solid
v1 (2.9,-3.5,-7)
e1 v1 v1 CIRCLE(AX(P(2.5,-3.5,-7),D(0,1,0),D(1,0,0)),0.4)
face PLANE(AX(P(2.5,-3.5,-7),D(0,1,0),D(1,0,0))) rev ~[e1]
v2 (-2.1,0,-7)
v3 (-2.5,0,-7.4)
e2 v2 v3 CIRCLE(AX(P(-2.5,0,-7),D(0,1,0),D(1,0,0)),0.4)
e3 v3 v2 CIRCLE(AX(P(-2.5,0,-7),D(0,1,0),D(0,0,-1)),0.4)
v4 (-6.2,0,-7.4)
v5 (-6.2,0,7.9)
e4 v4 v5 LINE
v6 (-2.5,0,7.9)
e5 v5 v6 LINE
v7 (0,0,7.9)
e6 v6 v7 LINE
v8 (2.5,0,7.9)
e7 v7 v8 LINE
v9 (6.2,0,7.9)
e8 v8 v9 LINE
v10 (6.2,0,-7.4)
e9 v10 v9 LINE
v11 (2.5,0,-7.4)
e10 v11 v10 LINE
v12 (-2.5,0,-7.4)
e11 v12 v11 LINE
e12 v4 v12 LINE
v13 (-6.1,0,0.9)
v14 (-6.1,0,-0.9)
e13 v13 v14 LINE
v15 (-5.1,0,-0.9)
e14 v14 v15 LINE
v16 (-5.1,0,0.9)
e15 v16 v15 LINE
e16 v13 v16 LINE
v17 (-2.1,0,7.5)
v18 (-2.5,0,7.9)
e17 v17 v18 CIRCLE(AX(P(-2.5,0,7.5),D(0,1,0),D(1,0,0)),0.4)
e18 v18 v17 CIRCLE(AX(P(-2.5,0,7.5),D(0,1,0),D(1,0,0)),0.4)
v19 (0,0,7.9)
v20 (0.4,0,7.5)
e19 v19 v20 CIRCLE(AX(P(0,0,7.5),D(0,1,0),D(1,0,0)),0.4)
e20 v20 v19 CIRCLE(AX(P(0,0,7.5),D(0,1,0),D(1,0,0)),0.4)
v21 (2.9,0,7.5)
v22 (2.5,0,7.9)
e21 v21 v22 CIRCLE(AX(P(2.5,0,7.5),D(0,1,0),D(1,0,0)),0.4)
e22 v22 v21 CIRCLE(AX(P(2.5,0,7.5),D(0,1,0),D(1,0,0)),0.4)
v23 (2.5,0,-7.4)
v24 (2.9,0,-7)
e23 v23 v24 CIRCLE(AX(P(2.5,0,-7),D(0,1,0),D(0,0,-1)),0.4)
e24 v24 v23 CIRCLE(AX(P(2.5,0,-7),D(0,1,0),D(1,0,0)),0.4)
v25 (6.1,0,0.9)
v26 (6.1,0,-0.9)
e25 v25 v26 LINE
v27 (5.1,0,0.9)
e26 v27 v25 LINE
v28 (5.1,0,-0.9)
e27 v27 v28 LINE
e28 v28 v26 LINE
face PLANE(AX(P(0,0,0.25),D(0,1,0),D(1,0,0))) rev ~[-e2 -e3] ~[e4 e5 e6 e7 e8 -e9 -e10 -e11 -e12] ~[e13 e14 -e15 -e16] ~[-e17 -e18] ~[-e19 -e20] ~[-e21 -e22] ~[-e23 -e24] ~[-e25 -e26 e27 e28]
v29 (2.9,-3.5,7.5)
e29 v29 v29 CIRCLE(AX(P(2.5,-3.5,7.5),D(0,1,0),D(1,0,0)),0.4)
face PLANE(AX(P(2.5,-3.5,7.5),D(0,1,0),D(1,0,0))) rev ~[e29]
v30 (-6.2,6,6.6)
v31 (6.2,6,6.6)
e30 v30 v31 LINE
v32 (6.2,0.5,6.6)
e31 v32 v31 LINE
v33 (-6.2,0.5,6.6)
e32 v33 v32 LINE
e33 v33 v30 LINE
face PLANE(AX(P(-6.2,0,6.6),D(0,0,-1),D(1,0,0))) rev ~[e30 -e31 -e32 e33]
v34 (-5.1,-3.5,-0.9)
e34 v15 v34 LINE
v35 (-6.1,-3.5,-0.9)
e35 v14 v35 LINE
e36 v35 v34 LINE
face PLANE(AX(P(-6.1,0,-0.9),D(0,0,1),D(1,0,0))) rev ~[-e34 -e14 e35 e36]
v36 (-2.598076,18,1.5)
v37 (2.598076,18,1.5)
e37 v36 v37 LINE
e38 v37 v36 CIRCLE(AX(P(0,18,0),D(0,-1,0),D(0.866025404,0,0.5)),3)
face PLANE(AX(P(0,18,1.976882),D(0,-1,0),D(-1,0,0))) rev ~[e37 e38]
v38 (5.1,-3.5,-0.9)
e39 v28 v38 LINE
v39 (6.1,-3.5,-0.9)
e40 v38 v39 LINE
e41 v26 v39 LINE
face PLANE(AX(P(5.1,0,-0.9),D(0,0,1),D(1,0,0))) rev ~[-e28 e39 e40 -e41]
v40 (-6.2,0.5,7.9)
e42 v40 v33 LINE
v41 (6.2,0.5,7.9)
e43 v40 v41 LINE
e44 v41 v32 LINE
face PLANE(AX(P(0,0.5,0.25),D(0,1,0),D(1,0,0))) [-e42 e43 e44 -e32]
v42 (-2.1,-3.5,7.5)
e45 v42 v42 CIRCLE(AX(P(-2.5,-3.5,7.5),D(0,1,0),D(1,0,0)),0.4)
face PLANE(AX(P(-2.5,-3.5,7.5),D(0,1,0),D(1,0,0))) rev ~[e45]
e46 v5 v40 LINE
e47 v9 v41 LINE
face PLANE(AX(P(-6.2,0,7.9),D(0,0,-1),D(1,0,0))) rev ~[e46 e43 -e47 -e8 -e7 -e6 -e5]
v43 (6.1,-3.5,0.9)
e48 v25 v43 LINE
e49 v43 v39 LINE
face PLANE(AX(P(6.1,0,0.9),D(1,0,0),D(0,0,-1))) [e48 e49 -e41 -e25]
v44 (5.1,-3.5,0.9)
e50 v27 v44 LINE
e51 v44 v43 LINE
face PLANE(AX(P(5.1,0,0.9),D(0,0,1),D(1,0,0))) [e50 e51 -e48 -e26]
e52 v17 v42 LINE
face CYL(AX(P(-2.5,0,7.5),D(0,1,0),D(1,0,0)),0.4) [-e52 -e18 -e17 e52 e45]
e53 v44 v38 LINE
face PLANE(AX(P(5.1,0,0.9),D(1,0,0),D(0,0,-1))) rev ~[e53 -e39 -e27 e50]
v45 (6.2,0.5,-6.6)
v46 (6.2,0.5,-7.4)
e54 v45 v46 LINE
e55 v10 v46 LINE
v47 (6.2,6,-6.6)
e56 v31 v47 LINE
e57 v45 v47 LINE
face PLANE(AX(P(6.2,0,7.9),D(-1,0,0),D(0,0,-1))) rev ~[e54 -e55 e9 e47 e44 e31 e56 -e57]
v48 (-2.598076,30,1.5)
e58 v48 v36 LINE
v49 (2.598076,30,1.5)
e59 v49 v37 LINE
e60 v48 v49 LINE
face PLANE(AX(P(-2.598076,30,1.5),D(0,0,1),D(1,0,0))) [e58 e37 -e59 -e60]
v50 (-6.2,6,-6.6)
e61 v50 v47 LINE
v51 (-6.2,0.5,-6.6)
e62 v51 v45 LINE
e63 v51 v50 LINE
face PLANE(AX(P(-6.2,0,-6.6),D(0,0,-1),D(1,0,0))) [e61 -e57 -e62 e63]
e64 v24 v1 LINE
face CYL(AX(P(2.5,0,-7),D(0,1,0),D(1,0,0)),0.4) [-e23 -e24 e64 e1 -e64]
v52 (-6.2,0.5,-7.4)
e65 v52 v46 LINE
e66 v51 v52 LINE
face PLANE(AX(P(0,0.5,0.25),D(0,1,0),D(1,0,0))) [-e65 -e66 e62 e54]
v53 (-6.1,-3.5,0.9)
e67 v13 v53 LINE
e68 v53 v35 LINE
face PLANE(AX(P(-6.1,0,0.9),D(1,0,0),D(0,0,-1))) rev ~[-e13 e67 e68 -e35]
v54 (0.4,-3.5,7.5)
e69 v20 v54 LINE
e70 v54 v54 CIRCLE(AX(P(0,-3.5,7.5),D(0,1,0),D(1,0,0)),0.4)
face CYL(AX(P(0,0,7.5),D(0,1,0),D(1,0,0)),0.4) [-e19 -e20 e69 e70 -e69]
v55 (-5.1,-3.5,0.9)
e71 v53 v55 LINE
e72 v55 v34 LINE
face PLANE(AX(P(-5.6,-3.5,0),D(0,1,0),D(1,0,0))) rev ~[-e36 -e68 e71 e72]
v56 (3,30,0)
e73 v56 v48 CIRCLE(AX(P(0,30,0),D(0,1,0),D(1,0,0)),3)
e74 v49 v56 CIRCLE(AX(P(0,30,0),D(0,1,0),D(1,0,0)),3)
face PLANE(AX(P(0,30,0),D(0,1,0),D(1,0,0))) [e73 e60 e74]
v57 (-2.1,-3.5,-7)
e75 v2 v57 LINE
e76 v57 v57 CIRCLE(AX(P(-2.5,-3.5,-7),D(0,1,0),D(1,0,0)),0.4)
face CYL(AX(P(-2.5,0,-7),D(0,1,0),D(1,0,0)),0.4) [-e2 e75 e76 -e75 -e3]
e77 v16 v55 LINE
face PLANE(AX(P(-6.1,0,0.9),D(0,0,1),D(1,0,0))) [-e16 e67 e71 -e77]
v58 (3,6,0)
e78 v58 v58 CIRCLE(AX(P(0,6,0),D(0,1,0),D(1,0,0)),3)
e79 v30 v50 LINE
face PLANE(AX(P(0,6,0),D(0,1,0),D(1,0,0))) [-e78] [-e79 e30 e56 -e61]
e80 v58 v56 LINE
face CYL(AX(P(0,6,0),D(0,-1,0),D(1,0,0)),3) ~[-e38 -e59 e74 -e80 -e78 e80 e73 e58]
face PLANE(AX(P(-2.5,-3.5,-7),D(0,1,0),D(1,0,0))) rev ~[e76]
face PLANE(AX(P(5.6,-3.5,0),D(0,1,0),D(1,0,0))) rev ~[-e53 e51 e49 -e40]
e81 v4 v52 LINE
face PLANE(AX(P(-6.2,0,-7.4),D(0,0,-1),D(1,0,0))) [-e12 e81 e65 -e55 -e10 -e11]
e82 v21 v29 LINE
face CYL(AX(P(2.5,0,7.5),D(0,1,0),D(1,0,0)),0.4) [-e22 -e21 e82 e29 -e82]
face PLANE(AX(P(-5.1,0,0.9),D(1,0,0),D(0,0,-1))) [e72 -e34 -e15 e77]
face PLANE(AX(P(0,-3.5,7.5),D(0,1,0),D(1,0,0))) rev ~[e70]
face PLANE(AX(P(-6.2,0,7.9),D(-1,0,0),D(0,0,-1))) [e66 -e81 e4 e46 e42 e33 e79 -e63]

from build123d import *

# Parameters (mm, degrees)
SKETCH1_R             = 0.4
BOSS_EXTRUDE1_DEPTH   = 3.5
BOSS_EXTRUDE1_2_DEPTH = 3.5
BOSS_EXTRUDE1_3_DEPTH = 3.5
BOSS_EXTRUDE1_4_DEPTH = 3.5
BOSS_EXTRUDE1_5_DEPTH = 3.5
SKETCH1_W             = 1
SKETCH1_H             = 1.8
BOSS_EXTRUDE1_6_DEPTH = 3.5
BOSS_EXTRUDE1_7_DEPTH = 3.5
SKETCH2_W             = 12.4
SKETCH2_H             = 13.2
BOSS_EXTRUDE2_DEPTH   = 6
SKETCH3_W             = 12.4
SKETCH3_H             = 15.3
BOSS_EXTRUDE3_DEPTH   = 0.5
SKETCH4_R             = 3
BOSS_EXTRUDE4_DEPTH   = 24
CUT_EXTRUDE1_DEPTH    = 12


with BuildPart() as part:
    # Sketch1 → Boss-Extrude1 (new body)
    with BuildSketch(Plane(origin=(0, 0, 0), x_dir=(1, 0, 0), z_dir=(0, 1, 0))):
        with Locations((-2.5, -7.5)):
            Circle(SKETCH1_R)
    extrude(amount=-BOSS_EXTRUDE1_DEPTH)



with BuildPart() as body_2:
    # Sketch1 → Boss-Extrude1 2 (new body)
    with BuildSketch(Plane(origin=(0, 0, 0), x_dir=(1, 0, 0), z_dir=(0, 1, 0))):
        with Locations((0, -7.5)):
            Circle(SKETCH1_R)
    extrude(amount=-BOSS_EXTRUDE1_2_DEPTH)


with BuildPart() as body_3:
    # Sketch1 → Boss-Extrude1 3 (new body)
    with BuildSketch(Plane(origin=(0, 0, 0), x_dir=(1, 0, 0), z_dir=(0, 1, 0))):
        with Locations((2.5, -7.5)):
            Circle(SKETCH1_R)
    extrude(amount=-BOSS_EXTRUDE1_3_DEPTH)


with BuildPart() as body_4:
    # Sketch1 → Boss-Extrude1 4 (new body)
    with BuildSketch(Plane(origin=(0, 0, 0), x_dir=(1, 0, 0), z_dir=(0, 1, 0))):
        with Locations((2.5, 7)):
            Circle(SKETCH1_R)
    extrude(amount=-BOSS_EXTRUDE1_4_DEPTH)


with BuildPart() as body_5:
    # Sketch1 → Boss-Extrude1 5 (new body)
    with BuildSketch(Plane(origin=(0, 0, 0), x_dir=(1, 0, 0), z_dir=(0, 1, 0))):
        with Locations((-2.5, 7)):
            Circle(SKETCH1_R)
    extrude(amount=-BOSS_EXTRUDE1_5_DEPTH)


with BuildPart() as body_6:
    # Sketch1 → Boss-Extrude1 6 (new body)
    with BuildSketch(Plane(origin=(0, 0, 0), x_dir=(1, 0, 0), z_dir=(0, 1, 0))):
        with Locations((-5.6, 0)):
            Rectangle(SKETCH1_W, SKETCH1_H)
    extrude(amount=-BOSS_EXTRUDE1_6_DEPTH)



with BuildPart() as body_7:
    # Sketch1 → Boss-Extrude1 7 (new body)
    with BuildSketch(Plane(origin=(0, 0, 0), x_dir=(1, 0, 0), z_dir=(0, 1, 0))):
        with Locations((5.6, 0)):
            Rectangle(SKETCH1_W, SKETCH1_H)
    extrude(amount=-BOSS_EXTRUDE1_7_DEPTH)


with BuildPart() as body_6_1:
    add(body_6.part)

    add(body_7.part)  # Boss-Extrude2 merges body 7
    # Sketch2 → Boss-Extrude2 (add)
    with BuildSketch(Plane(origin=(0, 0, 0), x_dir=(1, 0, 0), z_dir=(0, 1, 0))):
        Rectangle(SKETCH2_W, SKETCH2_H)
    extrude(amount=BOSS_EXTRUDE2_DEPTH)


with BuildPart() as part_1:
    add(part.part)

    add(body_2.part)  # Boss-Extrude3 merges body 2

    add(body_3.part)  # Boss-Extrude3 merges body 3

    add(body_4.part)  # Boss-Extrude3 merges body 4

    add(body_5.part)  # Boss-Extrude3 merges body 5

    add(body_6_1.part)  # Boss-Extrude3 merges body 6
    # Sketch3 → Boss-Extrude3 (add)
    with BuildSketch(Plane(origin=(0, 0, 0), x_dir=(1, 0, 0), z_dir=(0, 1, 0))):
        with Locations((0, -0.25)):
            Rectangle(SKETCH3_W, SKETCH3_H)
    extrude(amount=BOSS_EXTRUDE3_DEPTH)

    # Sketch4 → Boss-Extrude4 (add)
    with BuildSketch(Plane(origin=(0, 6, 0), x_dir=(1, 0, 0), z_dir=(0, 1, 0))):
        Circle(SKETCH4_R)
    extrude(amount=BOSS_EXTRUDE4_DEPTH)

    # Sketch5 → Cut-Extrude1 (cut)
    with BuildSketch(Plane(origin=(0, 30, 0), x_dir=(1, 0, 0), z_dir=(0, 1, 0))):
        with BuildLine():
            Line((-2.598076211, -1.5), (2.598076211, -1.5))
            ThreePointArc((2.598076211, -1.5), (0, -3), (-2.598076211, -1.5))
        make_face()
    extrude(amount=-CUT_EXTRUDE1_DEPTH, mode=Mode.SUBTRACT)


solid = part_1.part
